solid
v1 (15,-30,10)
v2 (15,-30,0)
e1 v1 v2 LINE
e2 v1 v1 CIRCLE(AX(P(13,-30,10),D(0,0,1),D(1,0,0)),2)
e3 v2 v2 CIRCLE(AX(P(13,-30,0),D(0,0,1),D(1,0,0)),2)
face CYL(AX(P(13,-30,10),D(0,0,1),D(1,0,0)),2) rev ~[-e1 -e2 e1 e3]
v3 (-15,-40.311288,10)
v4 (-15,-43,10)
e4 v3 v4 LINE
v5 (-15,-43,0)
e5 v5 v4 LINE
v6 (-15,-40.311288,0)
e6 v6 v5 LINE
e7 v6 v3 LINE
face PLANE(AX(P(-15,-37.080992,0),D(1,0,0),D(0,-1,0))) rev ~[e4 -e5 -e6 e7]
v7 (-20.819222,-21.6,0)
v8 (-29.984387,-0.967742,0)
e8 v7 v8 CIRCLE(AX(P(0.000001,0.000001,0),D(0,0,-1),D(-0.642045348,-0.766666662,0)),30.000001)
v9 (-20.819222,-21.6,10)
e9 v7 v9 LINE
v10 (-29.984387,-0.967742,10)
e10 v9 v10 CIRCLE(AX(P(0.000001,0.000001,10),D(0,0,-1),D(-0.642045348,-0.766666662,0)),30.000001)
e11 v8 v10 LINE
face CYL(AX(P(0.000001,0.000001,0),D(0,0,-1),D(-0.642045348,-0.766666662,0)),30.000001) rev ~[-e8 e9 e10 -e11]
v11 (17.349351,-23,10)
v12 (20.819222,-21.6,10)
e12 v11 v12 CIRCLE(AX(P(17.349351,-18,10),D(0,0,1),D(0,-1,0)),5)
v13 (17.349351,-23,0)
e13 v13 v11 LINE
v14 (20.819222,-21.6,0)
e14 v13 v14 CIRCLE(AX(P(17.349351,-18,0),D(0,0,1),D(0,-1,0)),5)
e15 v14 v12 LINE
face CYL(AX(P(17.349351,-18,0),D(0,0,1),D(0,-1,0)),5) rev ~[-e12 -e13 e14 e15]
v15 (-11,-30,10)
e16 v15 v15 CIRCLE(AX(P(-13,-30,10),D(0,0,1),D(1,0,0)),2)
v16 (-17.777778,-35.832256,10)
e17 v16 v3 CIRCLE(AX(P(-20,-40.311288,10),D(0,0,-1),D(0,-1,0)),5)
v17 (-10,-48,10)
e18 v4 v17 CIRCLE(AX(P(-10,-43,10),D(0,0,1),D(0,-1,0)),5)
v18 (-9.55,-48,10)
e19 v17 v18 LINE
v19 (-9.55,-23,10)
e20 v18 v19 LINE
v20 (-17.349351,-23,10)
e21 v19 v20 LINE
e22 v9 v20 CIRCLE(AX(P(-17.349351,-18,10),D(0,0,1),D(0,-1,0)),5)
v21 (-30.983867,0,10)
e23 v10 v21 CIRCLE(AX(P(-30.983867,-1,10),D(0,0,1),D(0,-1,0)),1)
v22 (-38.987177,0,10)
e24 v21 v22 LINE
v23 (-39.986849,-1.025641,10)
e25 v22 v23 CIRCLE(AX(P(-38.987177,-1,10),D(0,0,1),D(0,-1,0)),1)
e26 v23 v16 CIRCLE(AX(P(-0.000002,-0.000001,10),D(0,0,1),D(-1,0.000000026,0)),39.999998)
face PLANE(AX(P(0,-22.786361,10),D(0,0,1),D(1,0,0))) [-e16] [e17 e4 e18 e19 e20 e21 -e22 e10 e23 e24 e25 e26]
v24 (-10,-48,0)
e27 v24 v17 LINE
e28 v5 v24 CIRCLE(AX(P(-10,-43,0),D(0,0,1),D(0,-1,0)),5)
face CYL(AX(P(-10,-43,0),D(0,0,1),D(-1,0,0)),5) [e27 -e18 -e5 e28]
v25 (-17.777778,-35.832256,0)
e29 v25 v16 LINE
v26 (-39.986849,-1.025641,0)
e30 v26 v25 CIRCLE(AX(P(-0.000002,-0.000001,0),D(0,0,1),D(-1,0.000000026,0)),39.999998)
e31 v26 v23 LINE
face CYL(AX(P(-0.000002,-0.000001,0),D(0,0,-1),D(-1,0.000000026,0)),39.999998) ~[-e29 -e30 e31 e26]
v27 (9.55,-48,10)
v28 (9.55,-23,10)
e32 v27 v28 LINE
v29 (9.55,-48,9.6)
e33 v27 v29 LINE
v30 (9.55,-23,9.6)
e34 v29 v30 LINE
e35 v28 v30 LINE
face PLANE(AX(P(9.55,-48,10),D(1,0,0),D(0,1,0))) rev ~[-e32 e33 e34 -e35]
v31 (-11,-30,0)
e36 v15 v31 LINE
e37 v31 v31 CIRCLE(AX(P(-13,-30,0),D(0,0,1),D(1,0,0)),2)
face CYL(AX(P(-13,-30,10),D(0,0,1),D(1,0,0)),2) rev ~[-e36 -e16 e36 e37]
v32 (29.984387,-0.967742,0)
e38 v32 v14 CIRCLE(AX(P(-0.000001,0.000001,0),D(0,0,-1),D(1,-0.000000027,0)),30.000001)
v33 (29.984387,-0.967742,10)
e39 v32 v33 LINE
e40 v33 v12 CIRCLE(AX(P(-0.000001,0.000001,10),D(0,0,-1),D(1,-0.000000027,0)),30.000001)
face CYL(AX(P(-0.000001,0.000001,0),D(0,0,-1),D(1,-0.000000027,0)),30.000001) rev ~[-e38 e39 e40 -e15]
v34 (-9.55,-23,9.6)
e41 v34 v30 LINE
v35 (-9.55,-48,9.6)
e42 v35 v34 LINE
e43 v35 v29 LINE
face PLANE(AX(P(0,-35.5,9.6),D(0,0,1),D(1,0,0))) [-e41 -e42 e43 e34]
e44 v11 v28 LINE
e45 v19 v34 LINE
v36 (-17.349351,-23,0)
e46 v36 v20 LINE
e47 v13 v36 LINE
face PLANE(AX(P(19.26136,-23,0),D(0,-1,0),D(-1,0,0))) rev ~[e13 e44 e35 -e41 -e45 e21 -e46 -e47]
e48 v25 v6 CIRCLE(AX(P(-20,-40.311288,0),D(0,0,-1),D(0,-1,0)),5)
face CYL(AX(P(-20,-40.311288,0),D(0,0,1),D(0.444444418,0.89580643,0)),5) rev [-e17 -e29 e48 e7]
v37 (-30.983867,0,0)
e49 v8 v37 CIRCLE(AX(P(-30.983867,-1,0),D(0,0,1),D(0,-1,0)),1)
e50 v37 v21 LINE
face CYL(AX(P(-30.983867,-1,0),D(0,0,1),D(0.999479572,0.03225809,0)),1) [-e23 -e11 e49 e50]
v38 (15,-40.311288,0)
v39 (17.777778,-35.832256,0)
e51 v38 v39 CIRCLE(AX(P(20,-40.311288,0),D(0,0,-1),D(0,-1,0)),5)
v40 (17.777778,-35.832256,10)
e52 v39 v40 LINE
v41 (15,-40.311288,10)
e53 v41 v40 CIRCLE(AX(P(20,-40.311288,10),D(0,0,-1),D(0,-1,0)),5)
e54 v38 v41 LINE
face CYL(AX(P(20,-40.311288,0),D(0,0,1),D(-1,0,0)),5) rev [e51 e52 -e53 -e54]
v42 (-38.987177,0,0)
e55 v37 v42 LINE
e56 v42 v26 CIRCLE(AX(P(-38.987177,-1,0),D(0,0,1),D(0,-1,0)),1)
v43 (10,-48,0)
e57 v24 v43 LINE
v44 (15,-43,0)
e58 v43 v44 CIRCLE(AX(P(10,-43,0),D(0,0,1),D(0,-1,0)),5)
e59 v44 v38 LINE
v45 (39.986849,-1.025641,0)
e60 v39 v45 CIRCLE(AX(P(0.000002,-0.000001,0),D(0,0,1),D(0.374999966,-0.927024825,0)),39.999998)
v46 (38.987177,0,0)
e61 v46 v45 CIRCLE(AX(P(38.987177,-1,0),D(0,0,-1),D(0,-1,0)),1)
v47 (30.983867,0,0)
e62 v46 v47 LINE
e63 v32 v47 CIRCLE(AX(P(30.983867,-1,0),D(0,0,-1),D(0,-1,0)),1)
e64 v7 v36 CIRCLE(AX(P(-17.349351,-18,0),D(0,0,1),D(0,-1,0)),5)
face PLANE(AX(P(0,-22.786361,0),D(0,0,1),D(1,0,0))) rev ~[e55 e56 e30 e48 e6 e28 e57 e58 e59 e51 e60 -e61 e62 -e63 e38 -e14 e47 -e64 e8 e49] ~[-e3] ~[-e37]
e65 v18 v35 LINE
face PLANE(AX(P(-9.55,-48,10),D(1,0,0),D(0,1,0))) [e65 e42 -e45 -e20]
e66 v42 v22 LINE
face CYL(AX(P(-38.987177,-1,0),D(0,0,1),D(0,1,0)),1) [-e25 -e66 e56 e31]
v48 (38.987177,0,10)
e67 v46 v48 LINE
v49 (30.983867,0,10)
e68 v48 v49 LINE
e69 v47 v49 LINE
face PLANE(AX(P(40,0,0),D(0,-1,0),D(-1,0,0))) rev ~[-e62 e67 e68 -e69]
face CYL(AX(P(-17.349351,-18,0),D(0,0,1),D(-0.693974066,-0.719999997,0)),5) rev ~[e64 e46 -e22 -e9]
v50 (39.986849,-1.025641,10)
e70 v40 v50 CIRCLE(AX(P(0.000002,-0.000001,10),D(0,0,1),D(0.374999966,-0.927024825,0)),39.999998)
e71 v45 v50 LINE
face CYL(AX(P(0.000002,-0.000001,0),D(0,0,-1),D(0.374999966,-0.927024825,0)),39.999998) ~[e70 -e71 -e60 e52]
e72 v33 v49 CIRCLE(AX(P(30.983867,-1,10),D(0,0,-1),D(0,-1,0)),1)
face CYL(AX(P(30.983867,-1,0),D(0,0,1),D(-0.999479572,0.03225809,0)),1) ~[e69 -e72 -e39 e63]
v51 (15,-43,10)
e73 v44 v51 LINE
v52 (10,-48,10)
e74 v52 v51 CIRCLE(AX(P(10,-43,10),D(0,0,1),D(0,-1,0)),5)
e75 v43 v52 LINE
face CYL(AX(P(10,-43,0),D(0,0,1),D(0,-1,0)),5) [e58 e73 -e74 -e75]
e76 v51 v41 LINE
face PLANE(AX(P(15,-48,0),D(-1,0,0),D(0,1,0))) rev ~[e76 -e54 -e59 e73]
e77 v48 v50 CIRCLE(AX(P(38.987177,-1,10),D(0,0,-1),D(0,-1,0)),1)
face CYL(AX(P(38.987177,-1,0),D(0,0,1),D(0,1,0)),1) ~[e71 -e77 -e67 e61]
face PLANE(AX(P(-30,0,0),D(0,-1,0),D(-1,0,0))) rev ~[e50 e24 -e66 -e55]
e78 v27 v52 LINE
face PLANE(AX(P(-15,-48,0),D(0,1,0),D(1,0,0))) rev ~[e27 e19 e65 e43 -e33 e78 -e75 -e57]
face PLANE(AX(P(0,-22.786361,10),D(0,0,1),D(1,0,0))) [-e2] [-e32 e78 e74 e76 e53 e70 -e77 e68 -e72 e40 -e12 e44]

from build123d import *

# Parameters (mm, degrees)
F1_DEPTH = 10
F2_W     = 19.1
F2_H     = 25
F3_DEPTH = 0.4
F4_R     = 2
F5_DEPTH = 10.001
F6_R     = 5
F7_R     = 1


with BuildPart() as f1:
    # F0 (on Top) → F1 (new body)
    with BuildSketch(Plane.XY):
        with BuildLine():
            Line((-30, 0), (-40, 0))
            ThreePointArc((-40, 0), (-33.166248, -22.36068), (-15, -37.080992))
            Line((-15, -37.080992), (-15, -48))
            Line((-15, -48), (15, -48))
            Line((15, -48), (15, -37.080992))
            ThreePointArc((15, -37.080992), (33.166248, -22.36068), (40, 0))
            Line((40, 0), (30, 0))
            ThreePointArc((30, 0), (27.18309, -12.691714), (19.26136, -23))
            Line((19.26136, -23), (-19.26136, -23))
            ThreePointArc((-19.26136, -23), (-27.18309, -12.691714), (-30, 0))
        make_face()
    extrude(amount=F1_DEPTH)

    # F2 (on face) → F3 (cut)
    with BuildSketch(Plane.XY.offset(10)):
        with Locations((0, -35.5)):
            Rectangle(F2_W, F2_H)
    extrude(amount=-F3_DEPTH, mode=Mode.SUBTRACT)

    # F4 (on face) → F5 (cut, through all)
    with BuildSketch(Plane.XY.offset(10)):
        with Locations((-13, -30)):
            Circle(F4_R)
        with Locations((13, -30)):
            Circle(F4_R)
    extrude(amount=-F5_DEPTH, mode=Mode.SUBTRACT)

    # F6
    f6_edges = [f1.edges().sort_by_distance(p)[0] for p in [
        (-19.26136, -23, 5),
        (19.26136, -23, 5),
        (15, -37.080992, 5),
        (-15, -37.080992, 5),
        (-15, -48, 5),
        (15, -48, 5),
    ]]
    fillet(f6_edges, radius=F6_R)

    # F7
    f7_edges = [f1.edges().sort_by_distance(p)[0] for p in [
        (-40, 0, 5),
        (-30, 0, 5),
        (30, 0, 5),
        (40, 0, 5),
    ]]
    fillet(f7_edges, radius=F7_R)


solid = f1.part
